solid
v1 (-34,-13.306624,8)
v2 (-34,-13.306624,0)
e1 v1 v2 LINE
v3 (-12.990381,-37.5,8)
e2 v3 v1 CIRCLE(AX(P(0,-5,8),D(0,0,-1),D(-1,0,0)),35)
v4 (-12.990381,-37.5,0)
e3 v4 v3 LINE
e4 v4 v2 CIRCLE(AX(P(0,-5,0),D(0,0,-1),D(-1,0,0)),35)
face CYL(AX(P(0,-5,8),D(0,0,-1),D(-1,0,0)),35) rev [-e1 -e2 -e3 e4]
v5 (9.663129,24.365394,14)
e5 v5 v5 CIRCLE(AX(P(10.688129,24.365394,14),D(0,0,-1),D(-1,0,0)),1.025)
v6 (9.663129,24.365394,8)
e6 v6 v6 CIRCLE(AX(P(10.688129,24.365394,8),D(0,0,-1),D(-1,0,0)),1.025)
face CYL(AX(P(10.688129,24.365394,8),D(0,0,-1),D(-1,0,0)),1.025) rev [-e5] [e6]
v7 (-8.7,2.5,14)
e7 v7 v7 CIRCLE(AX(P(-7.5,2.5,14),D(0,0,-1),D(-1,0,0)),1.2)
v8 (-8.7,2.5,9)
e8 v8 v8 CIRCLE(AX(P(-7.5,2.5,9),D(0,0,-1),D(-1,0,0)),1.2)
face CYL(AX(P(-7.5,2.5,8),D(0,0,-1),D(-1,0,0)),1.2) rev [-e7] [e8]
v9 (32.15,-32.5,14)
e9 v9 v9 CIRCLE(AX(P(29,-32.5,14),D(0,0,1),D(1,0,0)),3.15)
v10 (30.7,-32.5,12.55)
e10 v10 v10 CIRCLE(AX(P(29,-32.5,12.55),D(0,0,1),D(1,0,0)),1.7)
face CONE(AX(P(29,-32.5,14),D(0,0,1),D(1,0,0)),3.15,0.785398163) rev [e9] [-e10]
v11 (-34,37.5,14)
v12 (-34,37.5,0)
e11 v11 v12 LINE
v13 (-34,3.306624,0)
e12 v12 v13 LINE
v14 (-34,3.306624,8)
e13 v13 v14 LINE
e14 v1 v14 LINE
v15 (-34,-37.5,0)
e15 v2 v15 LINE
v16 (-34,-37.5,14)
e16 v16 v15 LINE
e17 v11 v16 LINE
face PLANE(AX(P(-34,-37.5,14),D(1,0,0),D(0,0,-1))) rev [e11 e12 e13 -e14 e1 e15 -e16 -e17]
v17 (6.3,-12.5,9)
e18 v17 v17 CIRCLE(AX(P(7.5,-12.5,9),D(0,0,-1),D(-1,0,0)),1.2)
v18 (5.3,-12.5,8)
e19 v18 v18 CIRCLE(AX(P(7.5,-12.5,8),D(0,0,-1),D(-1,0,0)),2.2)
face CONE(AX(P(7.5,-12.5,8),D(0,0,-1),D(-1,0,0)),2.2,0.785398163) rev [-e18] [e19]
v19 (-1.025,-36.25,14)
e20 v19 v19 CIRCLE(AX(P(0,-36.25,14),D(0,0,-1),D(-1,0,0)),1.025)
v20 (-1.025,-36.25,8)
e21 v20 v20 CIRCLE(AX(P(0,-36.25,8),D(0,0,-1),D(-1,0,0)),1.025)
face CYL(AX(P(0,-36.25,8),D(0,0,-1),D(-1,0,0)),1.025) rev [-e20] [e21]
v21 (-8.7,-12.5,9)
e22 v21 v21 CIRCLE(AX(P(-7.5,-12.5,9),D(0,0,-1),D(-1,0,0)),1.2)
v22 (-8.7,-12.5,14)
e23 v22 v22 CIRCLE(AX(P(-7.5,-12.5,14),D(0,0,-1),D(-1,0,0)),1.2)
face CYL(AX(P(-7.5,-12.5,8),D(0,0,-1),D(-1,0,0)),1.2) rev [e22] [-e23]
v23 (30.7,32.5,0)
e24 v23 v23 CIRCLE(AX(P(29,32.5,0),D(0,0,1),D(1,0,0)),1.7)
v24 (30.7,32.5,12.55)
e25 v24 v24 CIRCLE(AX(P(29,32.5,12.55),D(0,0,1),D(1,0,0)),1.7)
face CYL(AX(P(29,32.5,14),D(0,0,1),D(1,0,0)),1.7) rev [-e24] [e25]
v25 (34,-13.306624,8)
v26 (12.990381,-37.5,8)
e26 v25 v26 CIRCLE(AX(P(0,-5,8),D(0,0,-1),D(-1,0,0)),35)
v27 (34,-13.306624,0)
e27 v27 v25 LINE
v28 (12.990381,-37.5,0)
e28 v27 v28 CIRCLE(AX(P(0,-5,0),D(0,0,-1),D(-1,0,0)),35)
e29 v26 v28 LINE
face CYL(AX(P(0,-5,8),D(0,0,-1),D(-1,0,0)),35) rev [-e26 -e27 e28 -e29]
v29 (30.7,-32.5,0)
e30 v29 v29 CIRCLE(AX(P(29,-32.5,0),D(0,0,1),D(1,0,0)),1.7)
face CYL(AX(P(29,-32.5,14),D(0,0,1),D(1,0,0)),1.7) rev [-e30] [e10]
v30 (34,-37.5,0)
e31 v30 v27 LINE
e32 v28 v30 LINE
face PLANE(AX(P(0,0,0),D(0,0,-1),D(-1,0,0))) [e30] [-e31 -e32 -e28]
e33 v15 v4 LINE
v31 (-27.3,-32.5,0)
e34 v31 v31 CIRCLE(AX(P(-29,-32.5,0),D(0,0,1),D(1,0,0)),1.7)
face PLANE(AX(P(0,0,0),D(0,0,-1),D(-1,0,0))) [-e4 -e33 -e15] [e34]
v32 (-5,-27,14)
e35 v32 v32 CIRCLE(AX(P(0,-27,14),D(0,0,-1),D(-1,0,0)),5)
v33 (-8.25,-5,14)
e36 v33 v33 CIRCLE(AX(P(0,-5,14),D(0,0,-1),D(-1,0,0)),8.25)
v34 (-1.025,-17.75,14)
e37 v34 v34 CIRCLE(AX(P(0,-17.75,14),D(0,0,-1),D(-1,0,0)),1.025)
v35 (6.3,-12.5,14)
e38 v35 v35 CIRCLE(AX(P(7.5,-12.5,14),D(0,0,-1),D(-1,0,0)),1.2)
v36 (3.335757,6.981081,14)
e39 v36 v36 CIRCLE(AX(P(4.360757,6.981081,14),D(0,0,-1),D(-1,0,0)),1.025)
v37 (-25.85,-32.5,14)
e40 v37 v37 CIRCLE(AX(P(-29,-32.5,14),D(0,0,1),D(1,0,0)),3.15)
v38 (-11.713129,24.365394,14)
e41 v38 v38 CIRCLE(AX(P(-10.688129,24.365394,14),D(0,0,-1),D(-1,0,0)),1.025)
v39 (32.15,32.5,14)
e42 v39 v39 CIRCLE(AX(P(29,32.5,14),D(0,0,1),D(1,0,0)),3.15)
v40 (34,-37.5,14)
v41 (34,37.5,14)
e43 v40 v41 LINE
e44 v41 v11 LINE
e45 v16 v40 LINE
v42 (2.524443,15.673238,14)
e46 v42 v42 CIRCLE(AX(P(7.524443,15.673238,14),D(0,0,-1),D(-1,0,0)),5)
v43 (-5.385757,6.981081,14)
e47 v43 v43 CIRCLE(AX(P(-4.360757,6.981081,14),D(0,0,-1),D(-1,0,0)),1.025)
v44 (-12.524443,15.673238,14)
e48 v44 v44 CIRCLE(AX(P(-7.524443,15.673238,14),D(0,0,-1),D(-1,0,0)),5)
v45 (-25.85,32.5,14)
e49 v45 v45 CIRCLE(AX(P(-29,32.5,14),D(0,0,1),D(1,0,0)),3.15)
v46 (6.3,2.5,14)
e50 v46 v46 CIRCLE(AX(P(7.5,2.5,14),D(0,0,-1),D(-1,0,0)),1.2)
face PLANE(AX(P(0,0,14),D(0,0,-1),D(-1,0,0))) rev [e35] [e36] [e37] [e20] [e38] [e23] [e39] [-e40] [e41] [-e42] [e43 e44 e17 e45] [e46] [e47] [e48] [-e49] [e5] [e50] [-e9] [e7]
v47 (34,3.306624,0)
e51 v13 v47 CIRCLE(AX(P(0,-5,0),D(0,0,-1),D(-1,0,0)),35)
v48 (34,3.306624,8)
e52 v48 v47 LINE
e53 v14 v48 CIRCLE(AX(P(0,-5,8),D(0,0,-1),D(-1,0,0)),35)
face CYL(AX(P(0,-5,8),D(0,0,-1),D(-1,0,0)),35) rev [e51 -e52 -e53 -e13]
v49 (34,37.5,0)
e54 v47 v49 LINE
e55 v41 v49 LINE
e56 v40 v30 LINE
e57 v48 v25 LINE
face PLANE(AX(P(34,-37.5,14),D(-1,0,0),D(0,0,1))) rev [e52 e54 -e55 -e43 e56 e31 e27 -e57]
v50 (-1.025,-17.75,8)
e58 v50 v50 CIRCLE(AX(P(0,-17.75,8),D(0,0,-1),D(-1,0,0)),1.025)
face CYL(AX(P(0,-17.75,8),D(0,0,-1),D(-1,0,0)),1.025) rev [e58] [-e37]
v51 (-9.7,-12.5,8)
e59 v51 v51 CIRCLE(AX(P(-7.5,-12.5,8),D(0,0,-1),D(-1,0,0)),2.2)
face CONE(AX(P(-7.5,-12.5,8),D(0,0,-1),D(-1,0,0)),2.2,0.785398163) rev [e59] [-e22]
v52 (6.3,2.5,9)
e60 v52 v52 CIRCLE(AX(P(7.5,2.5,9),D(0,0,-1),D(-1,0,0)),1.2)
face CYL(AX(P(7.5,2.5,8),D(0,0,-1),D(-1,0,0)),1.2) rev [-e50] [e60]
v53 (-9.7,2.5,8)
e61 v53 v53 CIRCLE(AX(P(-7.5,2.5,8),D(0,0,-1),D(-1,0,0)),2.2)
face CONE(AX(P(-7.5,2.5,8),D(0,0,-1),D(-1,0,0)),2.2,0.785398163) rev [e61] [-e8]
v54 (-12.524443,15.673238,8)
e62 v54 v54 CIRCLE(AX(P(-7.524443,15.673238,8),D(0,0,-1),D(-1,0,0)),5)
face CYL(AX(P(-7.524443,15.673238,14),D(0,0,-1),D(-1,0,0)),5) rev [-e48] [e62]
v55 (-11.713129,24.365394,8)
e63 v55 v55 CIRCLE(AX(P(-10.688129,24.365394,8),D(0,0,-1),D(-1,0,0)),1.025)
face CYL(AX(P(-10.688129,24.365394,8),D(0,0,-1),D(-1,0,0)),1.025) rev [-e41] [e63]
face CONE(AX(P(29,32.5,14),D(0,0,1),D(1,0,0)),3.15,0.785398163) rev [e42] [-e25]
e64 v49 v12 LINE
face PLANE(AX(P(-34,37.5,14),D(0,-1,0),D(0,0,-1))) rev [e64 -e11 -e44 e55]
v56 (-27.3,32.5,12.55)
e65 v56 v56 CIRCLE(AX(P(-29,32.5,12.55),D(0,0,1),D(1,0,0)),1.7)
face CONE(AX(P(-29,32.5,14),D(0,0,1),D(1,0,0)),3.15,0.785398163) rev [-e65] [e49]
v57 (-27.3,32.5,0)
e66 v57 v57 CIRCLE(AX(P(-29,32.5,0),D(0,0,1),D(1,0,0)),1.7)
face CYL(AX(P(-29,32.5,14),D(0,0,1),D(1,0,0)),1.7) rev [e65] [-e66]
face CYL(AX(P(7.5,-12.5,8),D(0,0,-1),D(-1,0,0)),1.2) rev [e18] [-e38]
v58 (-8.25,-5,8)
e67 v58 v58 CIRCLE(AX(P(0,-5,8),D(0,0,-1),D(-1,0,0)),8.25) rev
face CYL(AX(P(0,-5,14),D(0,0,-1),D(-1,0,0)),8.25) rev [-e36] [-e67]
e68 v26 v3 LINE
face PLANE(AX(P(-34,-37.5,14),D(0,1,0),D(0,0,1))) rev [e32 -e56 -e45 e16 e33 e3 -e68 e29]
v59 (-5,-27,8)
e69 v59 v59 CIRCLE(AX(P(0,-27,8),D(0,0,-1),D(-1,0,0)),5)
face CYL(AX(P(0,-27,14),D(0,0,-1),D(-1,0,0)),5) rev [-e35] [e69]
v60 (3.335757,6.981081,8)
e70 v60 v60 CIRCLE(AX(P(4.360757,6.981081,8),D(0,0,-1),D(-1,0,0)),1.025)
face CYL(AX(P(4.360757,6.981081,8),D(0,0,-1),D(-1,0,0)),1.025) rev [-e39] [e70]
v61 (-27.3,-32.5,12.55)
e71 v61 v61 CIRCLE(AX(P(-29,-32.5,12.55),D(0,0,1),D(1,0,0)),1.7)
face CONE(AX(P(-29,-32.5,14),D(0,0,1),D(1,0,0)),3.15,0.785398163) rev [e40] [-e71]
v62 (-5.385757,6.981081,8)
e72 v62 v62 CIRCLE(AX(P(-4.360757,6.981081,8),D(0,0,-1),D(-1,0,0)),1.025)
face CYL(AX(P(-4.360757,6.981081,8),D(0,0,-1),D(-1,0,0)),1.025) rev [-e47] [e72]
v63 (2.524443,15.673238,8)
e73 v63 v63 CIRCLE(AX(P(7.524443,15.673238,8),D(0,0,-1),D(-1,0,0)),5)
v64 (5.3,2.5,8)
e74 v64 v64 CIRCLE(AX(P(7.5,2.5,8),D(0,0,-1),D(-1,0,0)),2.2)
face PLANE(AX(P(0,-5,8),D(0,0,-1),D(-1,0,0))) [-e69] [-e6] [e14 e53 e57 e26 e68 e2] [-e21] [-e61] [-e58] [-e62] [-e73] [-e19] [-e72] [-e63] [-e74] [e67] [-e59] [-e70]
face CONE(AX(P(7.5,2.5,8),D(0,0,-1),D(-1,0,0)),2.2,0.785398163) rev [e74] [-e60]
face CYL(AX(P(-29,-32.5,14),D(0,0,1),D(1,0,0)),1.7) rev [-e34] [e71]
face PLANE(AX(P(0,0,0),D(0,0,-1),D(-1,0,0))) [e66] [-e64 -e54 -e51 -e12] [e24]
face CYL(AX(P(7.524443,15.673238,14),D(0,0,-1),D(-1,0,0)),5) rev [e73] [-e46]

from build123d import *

# Parameters (mm, degrees)
SKETCH_1_W                    = 68
SKETCH_1_H                    = 75
EXTRUDE_1_DEPTH               = 14
SKETCH_2_R                    = 8.25
CUT_EXTRUDE_1_DEPTH           = 53.519044165
SKETCH_6_R                    = 35
CUT_EXTRUDE_3_DEPTH           = 8
HOLE_WIZARD_M2_2_D            = 2.4
HOLE_WIZARD_M2_2_DEPTH        = 6.35
HOLE_WIZARD_M2_2_CSINK_D      = 4.4
HOLE_WIZARD_M2_2_CSINK_ANGLE  = 90
HOLE_WIZARD_M2_2_TIP          = 0.721032743
HOLE_WIZARD_M2_5_1_AT_2_COUNT = 2
HOLE_WIZARD_M2_5_1_AT_2_PITCH = 18.5
HOLE_WIZARD_M2_5_2_D          = 2.05
HOLE_WIZARD_M2_5_2_DEPTH      = 6.35
HOLE_WIZARD_M2_5_2_TIP        = 0.615882135
SKETCH_19_R                   = 5
CUT_EXTRUDE_5_DEPTH           = 52.246951129
HOLE_WIZARD_M3_1_D            = 3.4
HOLE_WIZARD_M3_1_CSINK_D      = 6.3
HOLE_WIZARD_M3_1_CSINK_ANGLE  = 90


with BuildPart() as part:
    # 草圖1 → 填料-伸長1 (new body)
    with BuildSketch(Plane.XY):
        Rectangle(SKETCH_1_W, SKETCH_1_H)
    extrude(amount=EXTRUDE_1_DEPTH)

    # 草圖2 → 除料-伸長1 (cut, through all)
    with BuildSketch(Plane(origin=(0, 0, 0), x_dir=(-1, 0, 0), z_dir=(0, 0, -1))):
        with Locations((0, -5)):
            Circle(SKETCH_2_R)
    extrude(amount=-CUT_EXTRUDE_1_DEPTH, mode=Mode.SUBTRACT)

    # 草圖6 → 除料-伸長3 (cut)
    with BuildSketch(Plane(origin=(0, 0, 0), x_dir=(-1, 0, 0), z_dir=(0, 0, -1))):
        with Locations((0, -5)):
            Circle(SKETCH_6_R)
    extrude(amount=-CUT_EXTRUDE_3_DEPTH, mode=Mode.SUBTRACT)

    # M2 錐坑平頭螺釘的錐孔2
    with Locations(Plane(origin=(0, 0, 8), x_dir=(-1, 0, 0), z_dir=(0, 0, -1))):
        with Locations((-7.5, 2.5), (7.5, -12.5), (-7.5, -12.5), (7.5, 2.5)):
            CounterSinkHole(HOLE_WIZARD_M2_2_D / 2, HOLE_WIZARD_M2_2_CSINK_D / 2, depth=HOLE_WIZARD_M2_2_DEPTH, counter_sink_angle=HOLE_WIZARD_M2_2_CSINK_ANGLE)
            with Locations((0, 0, -(HOLE_WIZARD_M2_2_DEPTH + HOLE_WIZARD_M2_2_TIP / 2))):  # 118° drill point
                Cone(0, HOLE_WIZARD_M2_2_D / 2, HOLE_WIZARD_M2_2_TIP, mode=Mode.SUBTRACT)

    # 草圖13 → M2.5 螺紋孔1 (revolve, cut)
    with BuildSketch(Plane(origin=(-10.688129479, 24.3653944, 8), x_dir=(0, 1, 0), z_dir=(1, 0, 0))):
        Polygon((0, 0), (0, 6.965882135), (1.025, 6.35), (1.025, 0), align=None)
    hole_wizard_m2_5_1 = revolve(axis=Axis((-10.688129479, 24.3653944, 1.65), (0, 0, 1)), mode=Mode.SUBTRACT)

    # M2.5 螺紋孔1 at 2: M2.5 螺紋孔1 ×2
    with Locations(*[Vector(0.34202014332566283, -0.9396926207859105, 0) * (i * HOLE_WIZARD_M2_5_1_AT_2_PITCH) for i in range(1, HOLE_WIZARD_M2_5_1_AT_2_COUNT)]):
        add(hole_wizard_m2_5_1, mode=Mode.SUBTRACT)

    # 鏡射1: M2.5 螺紋孔1 across plane
    add(hole_wizard_m2_5_1.mirror(Plane(origin=(0, 0, 0), x_dir=(0, 0, 1), z_dir=(1, 0, 0))), mode=Mode.SUBTRACT)

    # 鏡射1 copy 1 sketch → 鏡射1 copy 1 (revolve, cut)
    with BuildSketch(Plane(origin=(4.360756827, 6.981080915, 8), x_dir=(0, 1, 0), z_dir=(-1, 0, 0))):
        Polygon((0, 0), (0, -6.965882135), (1.025, -6.35), (1.025, 0), align=None)
    revolve(axis=Axis((4.360756827, 6.981080915, 1.65), (0, 0, -1)), mode=Mode.SUBTRACT)

    # M2.5 螺紋孔2
    with Locations(Plane(origin=(0, 0, 8), x_dir=(-1, 0, 0), z_dir=(0, 0, -1))):
        with Locations((0, -17.75), (0, -36.25)):
            Hole(HOLE_WIZARD_M2_5_2_D / 2, depth=HOLE_WIZARD_M2_5_2_DEPTH)
            with Locations((0, 0, -(HOLE_WIZARD_M2_5_2_DEPTH + HOLE_WIZARD_M2_5_2_TIP / 2))):  # 118° drill point
                Cone(0, HOLE_WIZARD_M2_5_2_D / 2, HOLE_WIZARD_M2_5_2_TIP, mode=Mode.SUBTRACT)

    # 草圖19 → 除料-伸長5 (cut, through all)
    with BuildSketch(Plane(origin=(0, 0, 8), x_dir=(-1, 0, 0), z_dir=(0, 0, -1))):
        with Locations((-7.524443153, 15.673237657)):
            Circle(SKETCH_19_R)
        with Locations((7.524443153, 15.673237657)):
            Circle(SKETCH_19_R)
        with Locations((0, -27)):
            Circle(SKETCH_19_R)
    extrude(amount=-CUT_EXTRUDE_5_DEPTH, mode=Mode.SUBTRACT)

    # M3 錐坑平頭螺釘的錐孔1 (through all)
    with Locations(Plane.XY.offset(14)):
        with Locations((-29, 32.5), (-29, -32.5), (29, -32.5), (29, 32.5)):
            CounterSinkHole(HOLE_WIZARD_M3_1_D / 2, HOLE_WIZARD_M3_1_CSINK_D / 2, counter_sink_angle=HOLE_WIZARD_M3_1_CSINK_ANGLE)


solid = part.part
